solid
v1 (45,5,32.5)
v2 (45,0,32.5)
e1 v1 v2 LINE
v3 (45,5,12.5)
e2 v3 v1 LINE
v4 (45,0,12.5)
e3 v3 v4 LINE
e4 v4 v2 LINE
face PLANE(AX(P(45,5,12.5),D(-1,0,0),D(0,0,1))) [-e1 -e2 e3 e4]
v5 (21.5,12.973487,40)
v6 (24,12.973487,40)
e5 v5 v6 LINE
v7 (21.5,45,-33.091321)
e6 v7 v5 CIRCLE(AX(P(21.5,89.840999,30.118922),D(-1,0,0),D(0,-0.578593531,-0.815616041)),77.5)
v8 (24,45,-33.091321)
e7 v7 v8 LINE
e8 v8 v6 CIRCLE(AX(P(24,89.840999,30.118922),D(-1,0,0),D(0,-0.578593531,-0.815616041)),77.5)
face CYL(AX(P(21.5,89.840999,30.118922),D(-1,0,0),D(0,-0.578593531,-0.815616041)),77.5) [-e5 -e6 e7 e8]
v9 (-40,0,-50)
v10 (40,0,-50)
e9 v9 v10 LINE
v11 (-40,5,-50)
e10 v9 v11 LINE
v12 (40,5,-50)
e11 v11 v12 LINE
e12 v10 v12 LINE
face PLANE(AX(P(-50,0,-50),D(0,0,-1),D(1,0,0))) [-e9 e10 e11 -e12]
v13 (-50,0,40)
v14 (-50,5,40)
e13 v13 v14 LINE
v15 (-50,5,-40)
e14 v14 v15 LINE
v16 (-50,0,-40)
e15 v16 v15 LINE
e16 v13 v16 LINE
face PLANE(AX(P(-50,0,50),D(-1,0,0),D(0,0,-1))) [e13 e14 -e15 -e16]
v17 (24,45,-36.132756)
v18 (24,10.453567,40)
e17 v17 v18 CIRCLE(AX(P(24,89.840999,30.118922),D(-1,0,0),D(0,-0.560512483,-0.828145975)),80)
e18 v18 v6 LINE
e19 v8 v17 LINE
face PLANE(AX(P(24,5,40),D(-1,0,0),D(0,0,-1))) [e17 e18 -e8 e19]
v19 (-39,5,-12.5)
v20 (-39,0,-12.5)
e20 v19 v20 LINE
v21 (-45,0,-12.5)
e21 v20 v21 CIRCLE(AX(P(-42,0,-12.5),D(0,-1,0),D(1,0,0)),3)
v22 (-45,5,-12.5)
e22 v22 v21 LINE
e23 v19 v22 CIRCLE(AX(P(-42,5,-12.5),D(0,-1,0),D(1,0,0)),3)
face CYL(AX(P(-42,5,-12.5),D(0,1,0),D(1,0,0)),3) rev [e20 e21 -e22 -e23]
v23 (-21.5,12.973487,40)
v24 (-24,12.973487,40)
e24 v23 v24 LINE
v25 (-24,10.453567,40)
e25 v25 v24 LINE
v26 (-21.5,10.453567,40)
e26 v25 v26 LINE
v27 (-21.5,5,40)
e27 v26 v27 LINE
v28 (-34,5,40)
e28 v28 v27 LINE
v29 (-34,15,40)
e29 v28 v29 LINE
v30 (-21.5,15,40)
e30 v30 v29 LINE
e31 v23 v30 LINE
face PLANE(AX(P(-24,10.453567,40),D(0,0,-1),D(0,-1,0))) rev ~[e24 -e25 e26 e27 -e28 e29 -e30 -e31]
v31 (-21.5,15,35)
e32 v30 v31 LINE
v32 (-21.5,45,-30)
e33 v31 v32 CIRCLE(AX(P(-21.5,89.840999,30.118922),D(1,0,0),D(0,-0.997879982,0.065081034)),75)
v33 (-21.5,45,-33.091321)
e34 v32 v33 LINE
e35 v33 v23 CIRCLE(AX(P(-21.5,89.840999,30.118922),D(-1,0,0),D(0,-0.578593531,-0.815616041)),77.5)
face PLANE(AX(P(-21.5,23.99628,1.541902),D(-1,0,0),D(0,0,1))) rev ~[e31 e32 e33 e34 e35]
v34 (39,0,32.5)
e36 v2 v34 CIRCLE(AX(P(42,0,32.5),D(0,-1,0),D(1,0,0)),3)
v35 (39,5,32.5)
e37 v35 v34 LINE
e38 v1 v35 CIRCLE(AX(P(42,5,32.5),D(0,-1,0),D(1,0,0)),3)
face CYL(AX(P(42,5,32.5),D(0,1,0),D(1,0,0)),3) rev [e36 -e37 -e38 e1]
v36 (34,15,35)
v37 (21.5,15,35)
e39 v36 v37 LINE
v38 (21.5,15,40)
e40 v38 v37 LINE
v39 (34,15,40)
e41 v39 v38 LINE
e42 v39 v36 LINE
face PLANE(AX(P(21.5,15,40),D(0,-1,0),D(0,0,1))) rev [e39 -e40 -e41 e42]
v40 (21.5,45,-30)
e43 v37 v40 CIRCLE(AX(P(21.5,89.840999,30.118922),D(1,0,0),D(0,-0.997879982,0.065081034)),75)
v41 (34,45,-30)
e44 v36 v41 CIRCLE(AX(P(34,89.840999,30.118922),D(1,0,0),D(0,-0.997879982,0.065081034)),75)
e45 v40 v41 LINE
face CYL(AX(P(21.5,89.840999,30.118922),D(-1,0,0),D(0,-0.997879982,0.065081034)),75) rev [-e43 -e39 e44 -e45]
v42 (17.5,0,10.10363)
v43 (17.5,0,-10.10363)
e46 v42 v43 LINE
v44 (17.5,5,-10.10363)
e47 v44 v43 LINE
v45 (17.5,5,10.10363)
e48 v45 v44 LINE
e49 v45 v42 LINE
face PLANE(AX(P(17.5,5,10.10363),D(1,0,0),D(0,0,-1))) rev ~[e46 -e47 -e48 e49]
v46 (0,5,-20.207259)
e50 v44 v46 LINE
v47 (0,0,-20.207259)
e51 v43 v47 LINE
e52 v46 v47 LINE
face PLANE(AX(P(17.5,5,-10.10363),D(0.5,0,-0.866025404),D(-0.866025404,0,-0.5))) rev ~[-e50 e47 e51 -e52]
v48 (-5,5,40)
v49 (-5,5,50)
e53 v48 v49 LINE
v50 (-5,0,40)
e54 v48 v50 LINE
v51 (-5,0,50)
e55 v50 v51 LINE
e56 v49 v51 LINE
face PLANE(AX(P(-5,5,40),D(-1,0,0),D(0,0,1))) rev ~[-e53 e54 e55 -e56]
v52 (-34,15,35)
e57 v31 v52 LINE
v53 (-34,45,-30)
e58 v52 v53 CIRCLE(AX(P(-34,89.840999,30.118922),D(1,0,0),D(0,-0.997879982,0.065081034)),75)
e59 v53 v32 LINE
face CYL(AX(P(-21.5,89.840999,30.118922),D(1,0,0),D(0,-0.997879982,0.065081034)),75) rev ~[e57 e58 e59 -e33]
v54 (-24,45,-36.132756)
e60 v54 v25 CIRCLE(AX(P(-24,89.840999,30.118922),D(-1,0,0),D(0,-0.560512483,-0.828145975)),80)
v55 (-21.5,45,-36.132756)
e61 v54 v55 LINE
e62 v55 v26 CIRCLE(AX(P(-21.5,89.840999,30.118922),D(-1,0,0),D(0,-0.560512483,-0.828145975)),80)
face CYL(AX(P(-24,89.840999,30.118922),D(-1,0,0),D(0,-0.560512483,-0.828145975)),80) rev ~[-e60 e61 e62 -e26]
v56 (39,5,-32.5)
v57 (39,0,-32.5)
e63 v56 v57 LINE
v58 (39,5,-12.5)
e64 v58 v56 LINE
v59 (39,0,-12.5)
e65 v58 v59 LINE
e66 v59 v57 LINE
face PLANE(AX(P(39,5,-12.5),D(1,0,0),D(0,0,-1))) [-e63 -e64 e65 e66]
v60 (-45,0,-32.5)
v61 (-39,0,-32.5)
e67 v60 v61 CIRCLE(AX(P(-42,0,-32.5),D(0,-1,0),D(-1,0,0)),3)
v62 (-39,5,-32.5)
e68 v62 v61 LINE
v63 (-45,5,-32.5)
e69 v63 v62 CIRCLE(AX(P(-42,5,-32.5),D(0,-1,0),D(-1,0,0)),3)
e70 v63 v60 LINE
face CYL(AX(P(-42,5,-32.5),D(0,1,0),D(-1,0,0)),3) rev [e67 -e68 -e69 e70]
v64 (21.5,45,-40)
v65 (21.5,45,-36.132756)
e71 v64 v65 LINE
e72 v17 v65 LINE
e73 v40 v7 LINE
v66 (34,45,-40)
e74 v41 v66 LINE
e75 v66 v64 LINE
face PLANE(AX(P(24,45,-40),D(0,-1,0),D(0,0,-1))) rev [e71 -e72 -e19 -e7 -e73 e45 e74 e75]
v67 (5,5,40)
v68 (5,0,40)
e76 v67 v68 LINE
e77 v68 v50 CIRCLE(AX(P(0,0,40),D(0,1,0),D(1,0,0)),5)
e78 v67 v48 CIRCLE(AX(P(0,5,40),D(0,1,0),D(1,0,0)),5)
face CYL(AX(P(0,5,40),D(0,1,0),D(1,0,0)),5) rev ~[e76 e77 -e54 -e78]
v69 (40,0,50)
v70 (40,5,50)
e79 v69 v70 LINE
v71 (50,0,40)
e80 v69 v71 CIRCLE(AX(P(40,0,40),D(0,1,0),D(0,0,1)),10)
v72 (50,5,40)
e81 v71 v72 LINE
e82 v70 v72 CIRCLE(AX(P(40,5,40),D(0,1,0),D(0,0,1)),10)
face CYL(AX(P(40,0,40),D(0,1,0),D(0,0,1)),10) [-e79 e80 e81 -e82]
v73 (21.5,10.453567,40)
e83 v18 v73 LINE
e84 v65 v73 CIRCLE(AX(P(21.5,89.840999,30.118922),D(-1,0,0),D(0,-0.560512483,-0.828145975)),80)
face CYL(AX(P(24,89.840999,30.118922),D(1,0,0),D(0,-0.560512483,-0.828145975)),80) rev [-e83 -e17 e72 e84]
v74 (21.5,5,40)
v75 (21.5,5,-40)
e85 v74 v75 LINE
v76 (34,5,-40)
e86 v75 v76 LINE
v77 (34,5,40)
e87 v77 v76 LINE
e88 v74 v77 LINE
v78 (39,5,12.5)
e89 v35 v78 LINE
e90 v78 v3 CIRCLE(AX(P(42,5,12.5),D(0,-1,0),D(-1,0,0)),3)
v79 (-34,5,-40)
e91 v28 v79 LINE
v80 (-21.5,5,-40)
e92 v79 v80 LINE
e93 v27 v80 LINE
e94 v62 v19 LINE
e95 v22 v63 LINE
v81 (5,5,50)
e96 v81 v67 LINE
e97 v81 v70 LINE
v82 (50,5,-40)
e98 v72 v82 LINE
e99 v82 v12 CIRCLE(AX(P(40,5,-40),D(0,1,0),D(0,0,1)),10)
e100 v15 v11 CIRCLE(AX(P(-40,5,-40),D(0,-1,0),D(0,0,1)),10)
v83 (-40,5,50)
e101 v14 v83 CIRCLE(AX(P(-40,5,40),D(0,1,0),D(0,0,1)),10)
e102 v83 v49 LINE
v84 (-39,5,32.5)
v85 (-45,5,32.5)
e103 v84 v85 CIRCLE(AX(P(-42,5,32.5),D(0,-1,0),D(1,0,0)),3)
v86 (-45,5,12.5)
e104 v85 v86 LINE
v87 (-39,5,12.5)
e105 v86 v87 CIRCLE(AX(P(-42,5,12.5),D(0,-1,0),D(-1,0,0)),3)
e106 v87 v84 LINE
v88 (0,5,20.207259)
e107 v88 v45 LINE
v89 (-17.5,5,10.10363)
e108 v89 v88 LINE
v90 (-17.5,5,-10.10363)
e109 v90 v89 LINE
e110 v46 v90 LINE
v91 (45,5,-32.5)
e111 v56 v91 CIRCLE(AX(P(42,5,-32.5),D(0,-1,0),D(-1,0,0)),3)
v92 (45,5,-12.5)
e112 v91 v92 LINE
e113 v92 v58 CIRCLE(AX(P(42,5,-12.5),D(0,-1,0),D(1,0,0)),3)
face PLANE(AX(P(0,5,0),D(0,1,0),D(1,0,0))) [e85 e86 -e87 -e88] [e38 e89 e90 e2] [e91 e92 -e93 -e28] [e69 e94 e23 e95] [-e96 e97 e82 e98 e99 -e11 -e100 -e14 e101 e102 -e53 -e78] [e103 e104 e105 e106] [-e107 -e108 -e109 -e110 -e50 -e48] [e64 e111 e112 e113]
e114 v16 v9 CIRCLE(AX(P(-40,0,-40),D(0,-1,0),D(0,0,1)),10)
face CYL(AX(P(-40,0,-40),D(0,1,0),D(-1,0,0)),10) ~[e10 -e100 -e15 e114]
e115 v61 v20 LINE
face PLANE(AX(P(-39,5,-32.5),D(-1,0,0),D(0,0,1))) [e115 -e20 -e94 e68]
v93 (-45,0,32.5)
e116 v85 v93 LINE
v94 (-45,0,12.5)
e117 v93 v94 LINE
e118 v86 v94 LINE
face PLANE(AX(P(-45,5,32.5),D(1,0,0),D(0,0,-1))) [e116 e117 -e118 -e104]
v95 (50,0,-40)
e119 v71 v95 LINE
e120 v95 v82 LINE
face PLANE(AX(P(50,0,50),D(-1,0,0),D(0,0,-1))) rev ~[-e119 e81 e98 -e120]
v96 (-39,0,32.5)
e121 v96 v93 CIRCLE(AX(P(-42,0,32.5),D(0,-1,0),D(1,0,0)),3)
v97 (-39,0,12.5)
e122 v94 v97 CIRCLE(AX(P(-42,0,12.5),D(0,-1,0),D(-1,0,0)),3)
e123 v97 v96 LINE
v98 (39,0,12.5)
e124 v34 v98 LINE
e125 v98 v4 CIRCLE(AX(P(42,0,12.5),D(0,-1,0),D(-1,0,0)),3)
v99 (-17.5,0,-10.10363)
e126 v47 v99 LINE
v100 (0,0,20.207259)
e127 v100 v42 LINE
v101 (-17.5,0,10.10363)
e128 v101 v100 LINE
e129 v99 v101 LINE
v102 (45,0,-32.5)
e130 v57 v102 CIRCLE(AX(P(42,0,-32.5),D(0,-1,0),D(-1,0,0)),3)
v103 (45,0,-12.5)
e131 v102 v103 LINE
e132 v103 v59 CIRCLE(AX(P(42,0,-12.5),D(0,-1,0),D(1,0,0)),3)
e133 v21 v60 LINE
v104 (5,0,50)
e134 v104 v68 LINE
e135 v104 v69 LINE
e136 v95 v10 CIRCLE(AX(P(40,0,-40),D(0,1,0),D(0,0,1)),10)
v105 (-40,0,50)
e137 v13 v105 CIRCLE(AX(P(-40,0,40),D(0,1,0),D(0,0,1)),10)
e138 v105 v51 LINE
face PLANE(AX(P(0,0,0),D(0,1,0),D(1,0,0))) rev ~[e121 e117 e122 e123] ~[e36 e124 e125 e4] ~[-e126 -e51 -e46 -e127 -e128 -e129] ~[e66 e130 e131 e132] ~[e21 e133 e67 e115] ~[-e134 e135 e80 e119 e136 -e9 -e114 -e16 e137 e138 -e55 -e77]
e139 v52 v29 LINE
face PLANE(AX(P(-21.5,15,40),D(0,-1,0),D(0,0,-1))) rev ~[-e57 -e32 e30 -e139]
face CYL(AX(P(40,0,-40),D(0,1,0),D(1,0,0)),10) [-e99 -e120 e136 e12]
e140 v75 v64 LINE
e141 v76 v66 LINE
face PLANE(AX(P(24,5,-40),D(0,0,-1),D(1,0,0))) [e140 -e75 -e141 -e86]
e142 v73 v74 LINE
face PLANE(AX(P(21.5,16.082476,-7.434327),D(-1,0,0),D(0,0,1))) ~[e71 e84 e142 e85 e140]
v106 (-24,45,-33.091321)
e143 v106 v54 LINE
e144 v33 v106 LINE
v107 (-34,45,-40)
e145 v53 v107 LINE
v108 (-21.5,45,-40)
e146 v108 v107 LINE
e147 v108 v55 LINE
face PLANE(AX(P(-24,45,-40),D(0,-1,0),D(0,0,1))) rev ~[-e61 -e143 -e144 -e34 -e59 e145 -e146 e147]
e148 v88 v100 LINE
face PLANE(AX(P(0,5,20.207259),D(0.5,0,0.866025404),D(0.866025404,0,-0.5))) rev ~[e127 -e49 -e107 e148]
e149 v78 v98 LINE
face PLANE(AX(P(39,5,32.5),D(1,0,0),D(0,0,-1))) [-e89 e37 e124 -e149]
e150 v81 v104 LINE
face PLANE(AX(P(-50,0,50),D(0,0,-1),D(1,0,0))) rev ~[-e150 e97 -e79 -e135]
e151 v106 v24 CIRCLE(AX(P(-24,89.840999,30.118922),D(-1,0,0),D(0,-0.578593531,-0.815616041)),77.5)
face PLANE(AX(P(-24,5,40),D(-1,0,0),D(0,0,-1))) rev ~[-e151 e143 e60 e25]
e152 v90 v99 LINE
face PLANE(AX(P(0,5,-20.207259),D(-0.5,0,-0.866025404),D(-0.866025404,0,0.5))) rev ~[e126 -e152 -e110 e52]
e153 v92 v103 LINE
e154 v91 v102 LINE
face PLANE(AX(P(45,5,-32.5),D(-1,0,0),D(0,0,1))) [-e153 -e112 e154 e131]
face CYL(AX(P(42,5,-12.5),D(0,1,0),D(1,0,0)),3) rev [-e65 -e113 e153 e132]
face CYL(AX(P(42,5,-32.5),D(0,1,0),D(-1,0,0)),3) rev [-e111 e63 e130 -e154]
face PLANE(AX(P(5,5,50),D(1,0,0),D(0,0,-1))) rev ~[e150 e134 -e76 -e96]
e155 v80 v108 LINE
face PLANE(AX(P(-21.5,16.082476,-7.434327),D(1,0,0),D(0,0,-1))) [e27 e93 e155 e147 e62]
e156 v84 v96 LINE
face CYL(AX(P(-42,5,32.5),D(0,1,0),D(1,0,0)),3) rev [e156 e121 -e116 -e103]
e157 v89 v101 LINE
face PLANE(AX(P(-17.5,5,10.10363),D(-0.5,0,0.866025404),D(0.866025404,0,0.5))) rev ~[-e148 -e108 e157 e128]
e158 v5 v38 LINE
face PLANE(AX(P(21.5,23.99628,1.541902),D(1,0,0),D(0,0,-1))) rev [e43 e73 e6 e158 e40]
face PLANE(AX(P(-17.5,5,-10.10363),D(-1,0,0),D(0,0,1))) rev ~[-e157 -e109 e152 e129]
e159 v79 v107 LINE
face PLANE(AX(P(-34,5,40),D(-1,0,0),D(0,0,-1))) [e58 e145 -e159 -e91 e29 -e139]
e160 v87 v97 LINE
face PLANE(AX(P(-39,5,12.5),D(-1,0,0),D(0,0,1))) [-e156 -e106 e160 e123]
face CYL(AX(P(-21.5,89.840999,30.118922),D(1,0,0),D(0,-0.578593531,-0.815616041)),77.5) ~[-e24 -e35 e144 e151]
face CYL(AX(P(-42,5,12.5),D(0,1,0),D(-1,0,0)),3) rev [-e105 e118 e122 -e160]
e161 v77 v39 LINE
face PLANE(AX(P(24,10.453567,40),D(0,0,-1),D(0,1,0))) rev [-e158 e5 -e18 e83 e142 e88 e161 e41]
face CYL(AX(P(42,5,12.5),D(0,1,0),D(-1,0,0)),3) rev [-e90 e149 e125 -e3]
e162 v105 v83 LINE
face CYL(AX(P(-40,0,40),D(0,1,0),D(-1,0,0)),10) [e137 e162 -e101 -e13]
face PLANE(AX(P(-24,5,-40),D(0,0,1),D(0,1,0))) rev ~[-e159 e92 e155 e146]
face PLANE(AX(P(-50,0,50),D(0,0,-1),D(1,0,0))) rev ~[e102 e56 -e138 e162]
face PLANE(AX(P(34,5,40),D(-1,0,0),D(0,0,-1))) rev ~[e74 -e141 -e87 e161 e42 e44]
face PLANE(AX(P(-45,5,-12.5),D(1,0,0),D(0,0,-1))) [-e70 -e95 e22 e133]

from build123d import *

# Parameters (mm, degrees)
CROQUIS2_W              = 100
CROQUIS2_H              = 100
SALIENTE_EXTRUIR1_DEPTH = 5
REDONDEO1_R             = 10
CORTAR_EXTRUIR1_DEPTH   = 5
CROQUIS4_W              = 10
CROQUIS4_H              = 80
SALIENTE_EXTRUIR2_DEPTH = 40
CORTAR_EXTRUIR2_DEPTH   = 84
SALIENTE_EXTRUIR4_START = 2.5
SALIENTE_EXTRUIR4_DEPTH = 2.5
SALIENTE_EXTRUIR5_DEPTH = 2.5


with BuildPart() as part:
    # Croquis2 → Saliente-Extruir1 (new body)
    with BuildSketch(Plane(origin=(0, 0, 0), x_dir=(1, 0, 0), z_dir=(0, 1, 0))):
        Rectangle(CROQUIS2_W, CROQUIS2_H)
    extrude(amount=SALIENTE_EXTRUIR1_DEPTH)

    # Redondeo1
    redondeo1_edges = [part.edges().sort_by_distance(p)[0] for p in [
        (-50, 2.5, -50),
        (50, 2.5, -50),
        (50, 2.5, 50),
        (-50, 2.5, 50),
    ]]
    fillet(redondeo1_edges, radius=REDONDEO1_R)

    # Croquis3 → Cortar-Extruir1 (cut)
    with BuildSketch(Plane(origin=(0, 5, 0), x_dir=(1, 0, 0), z_dir=(0, 1, 0))):
        with BuildLine():
            Line((-5, -50), (5, -50))
            Line((5, -50), (5, -40))
            ThreePointArc((5, -40), (0, -35), (-5, -40))
            Line((-5, -40), (-5, -50))
        make_face()
        with BuildLine():
            Line((-39, 32.5), (-39, 12.5))
            ThreePointArc((-39, 12.5), (-42, 9.5), (-45, 12.5))
            Line((-45, 12.5), (-45, 32.5))
            ThreePointArc((-45, 32.5), (-42, 35.5), (-39, 32.5))
        make_face()
        with BuildLine():
            Line((45, 32.5), (45, 12.5))
            ThreePointArc((45, 12.5), (42, 9.5), (39, 12.5))
            Line((39, 12.5), (39, 32.5))
            ThreePointArc((39, 32.5), (42, 35.5), (45, 32.5))
        make_face()
        with BuildLine():
            Line((-39, -12.5), (-39, -32.5))
            ThreePointArc((-39, -32.5), (-42, -35.5), (-45, -32.5))
            Line((-45, -32.5), (-45, -12.5))
            ThreePointArc((-45, -12.5), (-42, -9.5), (-39, -12.5))
        make_face()
        with BuildLine():
            Line((45, -12.5), (45, -32.5))
            ThreePointArc((45, -32.5), (42, -35.5), (39, -32.5))
            Line((39, -32.5), (39, -12.5))
            ThreePointArc((39, -12.5), (42, -9.5), (45, -12.5))
        make_face()
        Polygon((0, 20.207259422), (-17.5, 10.103629711), (-17.5, -10.103629711), (0, -20.207259422), (17.5, -10.103629711), (17.5, 10.103629711), align=None)
    extrude(amount=-CORTAR_EXTRUIR1_DEPTH, mode=Mode.SUBTRACT)

    # Croquis4 → Saliente-Extruir2 (add)
    with BuildSketch(Plane(origin=(0, 5, 0), x_dir=(1, 0, 0), z_dir=(0, 1, 0))):
        with Locations((-29, 0)):
            Rectangle(CROQUIS4_W, CROQUIS4_H)
        with Locations((29, 0)):
            Rectangle(CROQUIS4_W, CROQUIS4_H)
    extrude(amount=SALIENTE_EXTRUIR2_DEPTH)

    # Croquis5 → Cortar-Extruir2 (cut)
    with BuildSketch(Plane(origin=(34, 0, 0), x_dir=(0, 0, -1), z_dir=(1, 0, 0))):
        with BuildLine():
            Line((-40, 15), (-35, 15))
            ThreePointArc((-35, 15), (1.310440846, 21.744044834), (30, 45))
            Line((30, 45), (-40, 45))
            Line((-40, 45), (-40, 15))
        make_face()
    extrude(amount=-CORTAR_EXTRUIR2_DEPTH, mode=Mode.SUBTRACT)

    # Croquis8 → Saliente-Extruir4 (add)
    with BuildSketch(Plane(origin=(-24, 0, 0), x_dir=(0, 0, -1), z_dir=(1, 0, 0)).offset(SALIENTE_EXTRUIR4_START)):
        with BuildLine():
            Line((-40, 12.973487285), (-40, 15))
            Line((-40, 15), (-35, 15))
            ThreePointArc((-35, 15), (1.310440846, 21.744044834), (30, 45))
            Line((30, 45), (33.091320679, 45))
            ThreePointArc((33.091320679, 45), (0.984523571, 18.856312683), (-40, 12.973487285))
        make_face()
    saliente_extruir4 = extrude(amount=-SALIENTE_EXTRUIR4_DEPTH)

    # Croquis9 → Saliente-Extruir5 (add)
    with BuildSketch(Plane(origin=(-24, 0, 0), x_dir=(0, 0, -1), z_dir=(1, 0, 0))):
        with BuildLine():
            Line((-40, 10.453567004), (-40, 5))
            Line((-40, 5), (40, 5))
            Line((40, 5), (40, 45))
            Line((40, 45), (36.132755539, 45))
            ThreePointArc((36.132755539, 45), (2.938227405, 16.990296255), (-40, 10.453567004))
        make_face()
    saliente_extruir5 = extrude(amount=SALIENTE_EXTRUIR5_DEPTH)

    # Simetría1: Saliente-Extruir4, Saliente-Extruir5 across plane
    add(saliente_extruir4.mirror(Plane(origin=(0, 0, 0), x_dir=(0, 0, 1), z_dir=(1, 0, 0))))
    add(saliente_extruir5.mirror(Plane(origin=(0, 0, 0), x_dir=(0, 0, 1), z_dir=(1, 0, 0))))


solid = part.part
